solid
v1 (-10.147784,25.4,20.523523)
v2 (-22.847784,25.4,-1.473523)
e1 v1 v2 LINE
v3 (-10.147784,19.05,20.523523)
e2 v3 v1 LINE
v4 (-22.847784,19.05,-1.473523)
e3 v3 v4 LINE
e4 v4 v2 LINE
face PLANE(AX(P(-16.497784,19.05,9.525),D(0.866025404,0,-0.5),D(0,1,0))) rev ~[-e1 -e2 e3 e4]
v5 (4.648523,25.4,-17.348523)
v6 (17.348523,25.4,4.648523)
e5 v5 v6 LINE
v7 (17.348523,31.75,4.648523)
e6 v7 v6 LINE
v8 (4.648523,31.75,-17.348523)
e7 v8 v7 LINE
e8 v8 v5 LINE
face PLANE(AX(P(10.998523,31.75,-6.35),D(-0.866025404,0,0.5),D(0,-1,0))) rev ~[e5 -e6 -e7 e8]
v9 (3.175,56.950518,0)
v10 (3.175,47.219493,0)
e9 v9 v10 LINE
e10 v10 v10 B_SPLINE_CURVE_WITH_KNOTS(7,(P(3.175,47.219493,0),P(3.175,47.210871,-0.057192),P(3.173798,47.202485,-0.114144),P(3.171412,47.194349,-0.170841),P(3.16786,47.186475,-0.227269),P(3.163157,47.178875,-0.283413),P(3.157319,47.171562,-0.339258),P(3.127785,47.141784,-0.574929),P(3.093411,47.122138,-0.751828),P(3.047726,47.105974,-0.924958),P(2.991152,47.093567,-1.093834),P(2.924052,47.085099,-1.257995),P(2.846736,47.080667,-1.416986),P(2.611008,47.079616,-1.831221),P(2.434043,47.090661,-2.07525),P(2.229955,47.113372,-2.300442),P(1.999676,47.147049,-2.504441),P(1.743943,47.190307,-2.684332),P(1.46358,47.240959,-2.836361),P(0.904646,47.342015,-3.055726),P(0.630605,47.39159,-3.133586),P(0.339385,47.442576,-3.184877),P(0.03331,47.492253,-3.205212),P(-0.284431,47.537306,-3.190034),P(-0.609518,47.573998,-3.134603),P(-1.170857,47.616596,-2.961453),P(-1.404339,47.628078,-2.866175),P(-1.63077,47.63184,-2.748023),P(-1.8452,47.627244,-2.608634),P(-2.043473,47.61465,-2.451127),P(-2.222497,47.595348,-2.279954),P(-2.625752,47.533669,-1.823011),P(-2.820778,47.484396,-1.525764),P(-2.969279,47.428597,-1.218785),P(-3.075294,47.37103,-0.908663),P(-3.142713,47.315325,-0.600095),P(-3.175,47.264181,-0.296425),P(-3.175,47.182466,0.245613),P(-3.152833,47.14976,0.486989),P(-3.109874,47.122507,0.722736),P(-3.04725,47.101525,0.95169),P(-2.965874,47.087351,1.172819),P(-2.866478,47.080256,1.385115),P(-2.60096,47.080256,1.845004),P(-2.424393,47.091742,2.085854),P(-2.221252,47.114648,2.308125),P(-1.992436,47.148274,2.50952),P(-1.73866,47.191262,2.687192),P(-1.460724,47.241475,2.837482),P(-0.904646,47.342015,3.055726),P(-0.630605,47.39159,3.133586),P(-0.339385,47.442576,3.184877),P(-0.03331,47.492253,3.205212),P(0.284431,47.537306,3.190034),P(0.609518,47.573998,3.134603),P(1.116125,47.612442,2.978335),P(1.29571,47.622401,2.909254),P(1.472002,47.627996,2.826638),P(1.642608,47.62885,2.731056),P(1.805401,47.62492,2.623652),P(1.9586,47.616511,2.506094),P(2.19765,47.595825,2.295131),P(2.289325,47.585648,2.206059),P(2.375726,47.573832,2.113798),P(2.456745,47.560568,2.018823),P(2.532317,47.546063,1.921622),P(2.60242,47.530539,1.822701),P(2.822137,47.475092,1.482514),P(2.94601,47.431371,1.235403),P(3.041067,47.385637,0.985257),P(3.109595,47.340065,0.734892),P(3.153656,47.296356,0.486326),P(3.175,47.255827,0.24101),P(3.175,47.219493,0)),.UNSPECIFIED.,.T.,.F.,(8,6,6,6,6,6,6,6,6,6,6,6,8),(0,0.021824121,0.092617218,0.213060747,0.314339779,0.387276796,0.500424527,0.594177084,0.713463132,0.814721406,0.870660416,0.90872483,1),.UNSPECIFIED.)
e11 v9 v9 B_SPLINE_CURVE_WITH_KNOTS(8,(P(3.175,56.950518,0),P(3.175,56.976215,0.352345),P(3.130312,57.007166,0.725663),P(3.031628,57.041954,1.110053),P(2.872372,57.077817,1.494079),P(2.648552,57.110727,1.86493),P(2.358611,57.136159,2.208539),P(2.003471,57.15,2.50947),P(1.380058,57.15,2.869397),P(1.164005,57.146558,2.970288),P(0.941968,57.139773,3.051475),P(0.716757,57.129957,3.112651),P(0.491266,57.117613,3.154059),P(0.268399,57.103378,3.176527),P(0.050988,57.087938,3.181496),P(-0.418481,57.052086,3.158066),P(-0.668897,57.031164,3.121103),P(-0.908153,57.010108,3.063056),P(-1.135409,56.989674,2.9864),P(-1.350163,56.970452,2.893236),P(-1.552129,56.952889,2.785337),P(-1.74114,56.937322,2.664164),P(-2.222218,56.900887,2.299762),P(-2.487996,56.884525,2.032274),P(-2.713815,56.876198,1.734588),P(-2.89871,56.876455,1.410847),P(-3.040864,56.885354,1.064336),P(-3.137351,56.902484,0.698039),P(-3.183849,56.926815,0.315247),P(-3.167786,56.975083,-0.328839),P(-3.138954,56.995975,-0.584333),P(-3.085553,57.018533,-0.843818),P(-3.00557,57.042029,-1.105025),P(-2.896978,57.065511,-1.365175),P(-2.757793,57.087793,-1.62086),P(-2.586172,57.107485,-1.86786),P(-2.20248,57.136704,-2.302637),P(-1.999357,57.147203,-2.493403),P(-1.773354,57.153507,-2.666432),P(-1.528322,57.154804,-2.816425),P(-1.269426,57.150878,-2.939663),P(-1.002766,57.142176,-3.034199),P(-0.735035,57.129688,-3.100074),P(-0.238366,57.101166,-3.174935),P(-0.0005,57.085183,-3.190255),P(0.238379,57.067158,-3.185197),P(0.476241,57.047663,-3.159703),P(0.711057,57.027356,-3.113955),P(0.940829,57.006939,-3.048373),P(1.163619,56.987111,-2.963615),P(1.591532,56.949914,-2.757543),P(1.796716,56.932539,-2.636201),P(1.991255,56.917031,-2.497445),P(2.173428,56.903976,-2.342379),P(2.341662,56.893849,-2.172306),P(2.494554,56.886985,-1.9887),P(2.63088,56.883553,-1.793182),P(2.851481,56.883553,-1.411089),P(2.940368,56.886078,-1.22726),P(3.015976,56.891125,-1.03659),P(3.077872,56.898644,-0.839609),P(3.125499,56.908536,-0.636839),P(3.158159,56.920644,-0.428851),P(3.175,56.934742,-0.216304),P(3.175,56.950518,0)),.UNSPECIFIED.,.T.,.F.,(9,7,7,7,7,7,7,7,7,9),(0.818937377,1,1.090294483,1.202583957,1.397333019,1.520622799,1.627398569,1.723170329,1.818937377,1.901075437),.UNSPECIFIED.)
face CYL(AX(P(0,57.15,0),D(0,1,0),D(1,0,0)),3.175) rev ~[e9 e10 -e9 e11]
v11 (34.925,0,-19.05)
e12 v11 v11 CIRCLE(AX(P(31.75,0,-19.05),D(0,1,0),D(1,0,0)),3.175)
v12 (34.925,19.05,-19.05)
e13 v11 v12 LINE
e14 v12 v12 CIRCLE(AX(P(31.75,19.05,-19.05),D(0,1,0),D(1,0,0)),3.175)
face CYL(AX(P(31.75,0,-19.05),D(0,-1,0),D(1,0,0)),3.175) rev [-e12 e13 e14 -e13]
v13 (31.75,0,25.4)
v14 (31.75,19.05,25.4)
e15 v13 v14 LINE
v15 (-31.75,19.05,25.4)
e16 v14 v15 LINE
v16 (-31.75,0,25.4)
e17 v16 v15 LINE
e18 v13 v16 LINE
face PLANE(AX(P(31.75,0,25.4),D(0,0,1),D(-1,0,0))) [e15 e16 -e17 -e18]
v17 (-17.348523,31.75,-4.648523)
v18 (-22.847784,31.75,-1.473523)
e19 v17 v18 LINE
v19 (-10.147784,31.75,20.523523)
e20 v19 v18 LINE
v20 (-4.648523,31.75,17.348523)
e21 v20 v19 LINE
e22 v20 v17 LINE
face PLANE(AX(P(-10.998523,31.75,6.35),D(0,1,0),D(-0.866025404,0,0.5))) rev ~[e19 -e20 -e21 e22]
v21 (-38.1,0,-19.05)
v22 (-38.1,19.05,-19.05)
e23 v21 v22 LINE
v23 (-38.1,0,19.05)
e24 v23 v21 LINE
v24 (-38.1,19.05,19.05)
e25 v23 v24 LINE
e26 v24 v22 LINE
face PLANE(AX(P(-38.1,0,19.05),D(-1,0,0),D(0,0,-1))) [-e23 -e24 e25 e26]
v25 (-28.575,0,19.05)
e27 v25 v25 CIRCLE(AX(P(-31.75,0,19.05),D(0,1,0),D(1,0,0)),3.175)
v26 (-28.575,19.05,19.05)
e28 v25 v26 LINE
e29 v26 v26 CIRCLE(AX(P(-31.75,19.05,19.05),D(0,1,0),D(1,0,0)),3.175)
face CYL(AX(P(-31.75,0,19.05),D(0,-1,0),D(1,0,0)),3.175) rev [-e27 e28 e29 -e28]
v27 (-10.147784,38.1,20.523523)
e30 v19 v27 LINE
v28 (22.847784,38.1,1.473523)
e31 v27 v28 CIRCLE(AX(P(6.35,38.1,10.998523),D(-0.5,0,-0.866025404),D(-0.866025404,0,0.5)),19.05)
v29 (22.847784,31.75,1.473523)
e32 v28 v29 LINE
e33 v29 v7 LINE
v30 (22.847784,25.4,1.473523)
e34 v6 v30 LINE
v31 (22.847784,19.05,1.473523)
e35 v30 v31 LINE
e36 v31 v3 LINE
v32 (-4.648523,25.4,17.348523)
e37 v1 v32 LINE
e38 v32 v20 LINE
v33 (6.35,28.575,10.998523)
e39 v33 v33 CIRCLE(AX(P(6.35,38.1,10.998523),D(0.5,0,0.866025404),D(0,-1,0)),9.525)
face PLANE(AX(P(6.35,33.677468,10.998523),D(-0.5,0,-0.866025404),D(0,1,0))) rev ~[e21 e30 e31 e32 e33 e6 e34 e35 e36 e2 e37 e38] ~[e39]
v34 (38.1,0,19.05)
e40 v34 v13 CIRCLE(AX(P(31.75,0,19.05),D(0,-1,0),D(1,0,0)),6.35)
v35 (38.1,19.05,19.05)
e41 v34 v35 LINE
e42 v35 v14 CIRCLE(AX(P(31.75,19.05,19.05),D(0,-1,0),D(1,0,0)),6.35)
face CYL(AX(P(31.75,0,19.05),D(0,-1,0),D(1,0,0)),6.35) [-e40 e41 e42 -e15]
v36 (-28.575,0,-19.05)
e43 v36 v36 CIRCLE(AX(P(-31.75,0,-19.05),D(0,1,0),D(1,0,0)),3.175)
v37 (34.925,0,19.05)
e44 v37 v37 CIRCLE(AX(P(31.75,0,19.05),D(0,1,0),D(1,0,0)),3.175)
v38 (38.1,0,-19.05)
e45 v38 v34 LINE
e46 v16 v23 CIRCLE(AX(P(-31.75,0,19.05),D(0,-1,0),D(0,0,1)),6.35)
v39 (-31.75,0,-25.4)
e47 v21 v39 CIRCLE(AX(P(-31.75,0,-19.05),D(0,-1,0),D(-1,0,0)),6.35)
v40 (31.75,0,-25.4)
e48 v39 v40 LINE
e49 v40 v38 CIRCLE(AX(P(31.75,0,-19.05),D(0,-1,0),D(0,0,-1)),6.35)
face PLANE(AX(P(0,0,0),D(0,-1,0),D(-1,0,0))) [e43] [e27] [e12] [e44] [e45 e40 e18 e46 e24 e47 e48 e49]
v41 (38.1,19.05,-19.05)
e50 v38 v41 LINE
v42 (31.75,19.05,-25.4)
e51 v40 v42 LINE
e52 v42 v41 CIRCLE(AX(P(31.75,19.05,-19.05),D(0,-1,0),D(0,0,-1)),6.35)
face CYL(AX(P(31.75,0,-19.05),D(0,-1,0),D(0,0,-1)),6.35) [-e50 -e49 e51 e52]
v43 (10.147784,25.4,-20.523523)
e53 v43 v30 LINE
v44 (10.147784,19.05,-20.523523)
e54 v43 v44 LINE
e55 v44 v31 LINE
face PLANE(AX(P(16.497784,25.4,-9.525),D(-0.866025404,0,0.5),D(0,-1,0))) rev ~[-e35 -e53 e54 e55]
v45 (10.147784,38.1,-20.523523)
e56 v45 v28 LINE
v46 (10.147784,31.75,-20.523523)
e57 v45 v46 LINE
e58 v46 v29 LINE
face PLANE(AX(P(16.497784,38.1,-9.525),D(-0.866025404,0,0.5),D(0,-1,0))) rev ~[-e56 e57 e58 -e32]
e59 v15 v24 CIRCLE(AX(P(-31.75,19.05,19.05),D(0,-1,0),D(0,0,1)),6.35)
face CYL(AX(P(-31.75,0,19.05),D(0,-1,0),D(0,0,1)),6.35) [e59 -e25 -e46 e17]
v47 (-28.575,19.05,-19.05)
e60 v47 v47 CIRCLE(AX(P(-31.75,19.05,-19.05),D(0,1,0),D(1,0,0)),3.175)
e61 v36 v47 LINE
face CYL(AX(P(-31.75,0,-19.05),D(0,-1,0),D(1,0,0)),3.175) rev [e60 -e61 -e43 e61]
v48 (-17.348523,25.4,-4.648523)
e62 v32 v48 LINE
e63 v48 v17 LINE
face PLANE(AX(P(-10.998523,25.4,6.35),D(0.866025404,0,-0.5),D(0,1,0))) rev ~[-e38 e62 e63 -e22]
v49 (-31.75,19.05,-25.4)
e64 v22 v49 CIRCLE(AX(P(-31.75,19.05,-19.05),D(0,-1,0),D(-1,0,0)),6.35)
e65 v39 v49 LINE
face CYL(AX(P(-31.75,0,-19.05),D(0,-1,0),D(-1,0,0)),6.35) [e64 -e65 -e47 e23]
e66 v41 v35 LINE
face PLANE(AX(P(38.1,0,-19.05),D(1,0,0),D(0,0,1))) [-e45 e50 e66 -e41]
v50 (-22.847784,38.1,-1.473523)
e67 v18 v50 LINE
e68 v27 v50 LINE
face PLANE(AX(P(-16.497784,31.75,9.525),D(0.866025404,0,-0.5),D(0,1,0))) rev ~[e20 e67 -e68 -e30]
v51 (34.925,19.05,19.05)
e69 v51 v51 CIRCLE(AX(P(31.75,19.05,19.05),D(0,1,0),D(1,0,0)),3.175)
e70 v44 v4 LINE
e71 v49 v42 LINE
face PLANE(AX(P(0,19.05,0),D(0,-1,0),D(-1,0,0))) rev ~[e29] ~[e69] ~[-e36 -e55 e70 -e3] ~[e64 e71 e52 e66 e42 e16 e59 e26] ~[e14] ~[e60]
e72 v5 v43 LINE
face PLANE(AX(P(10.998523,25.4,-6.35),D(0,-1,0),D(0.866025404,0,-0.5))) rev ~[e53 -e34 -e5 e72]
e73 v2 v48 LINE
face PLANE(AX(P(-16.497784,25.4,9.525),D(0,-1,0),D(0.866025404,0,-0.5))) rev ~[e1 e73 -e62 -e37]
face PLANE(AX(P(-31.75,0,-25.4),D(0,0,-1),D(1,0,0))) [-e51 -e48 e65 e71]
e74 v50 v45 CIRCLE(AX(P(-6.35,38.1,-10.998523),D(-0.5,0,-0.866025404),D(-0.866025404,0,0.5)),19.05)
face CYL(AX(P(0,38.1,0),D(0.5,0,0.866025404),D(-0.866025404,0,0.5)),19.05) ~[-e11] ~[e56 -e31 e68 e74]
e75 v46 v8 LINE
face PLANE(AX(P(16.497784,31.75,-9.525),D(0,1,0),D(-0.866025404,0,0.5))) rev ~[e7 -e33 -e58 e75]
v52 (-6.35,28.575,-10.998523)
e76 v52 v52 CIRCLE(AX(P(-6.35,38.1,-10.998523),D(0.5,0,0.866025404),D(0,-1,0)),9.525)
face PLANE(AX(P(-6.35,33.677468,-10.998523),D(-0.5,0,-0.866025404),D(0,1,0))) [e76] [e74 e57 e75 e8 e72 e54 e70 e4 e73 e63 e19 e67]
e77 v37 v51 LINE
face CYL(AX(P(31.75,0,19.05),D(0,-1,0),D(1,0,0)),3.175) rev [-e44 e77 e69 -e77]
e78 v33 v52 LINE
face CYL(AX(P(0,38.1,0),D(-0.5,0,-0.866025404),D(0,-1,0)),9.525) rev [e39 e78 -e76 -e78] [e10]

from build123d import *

# Parameters (mm, degrees)
SKETCH1_R           = 3.175
BOSS_EXTRUDE1_DEPTH = 19.05
SKETCH2_R           = 9.525
BOSS_EXTRUDE2_DEPTH = 12.7
CUT_EXTRUDE1_REACH  = 75.232
SKETCH3_R           = 3.175


with BuildPart() as part:
    # Sketch1 → Boss-Extrude1 (new body)
    with BuildSketch(Plane(origin=(0, 0, 0), x_dir=(1, 0, 0), z_dir=(0, 1, 0))):
        with BuildLine():
            Line((-31.75, 25.4), (31.75, 25.4))
            ThreePointArc((31.75, 25.4), (36.240128061, 23.540128061), (38.1, 19.05))
            Line((38.1, 19.05), (38.1, -19.05))
            ThreePointArc((38.1, -19.05), (36.240128061, -23.540128061), (31.75, -25.4))
            Line((31.75, -25.4), (-31.75, -25.4))
            ThreePointArc((-31.75, -25.4), (-36.240128061, -23.540128061), (-38.1, -19.05))
            Line((-38.1, -19.05), (-38.1, 19.05))
            ThreePointArc((-38.1, 19.05), (-36.240128061, 23.540128061), (-31.75, 25.4))
        make_face()
        with Locations((-31.75, 19.05)):
            Circle(SKETCH1_R, mode=Mode.SUBTRACT)
        with Locations((31.75, 19.05)):
            Circle(SKETCH1_R, mode=Mode.SUBTRACT)
        with Locations((31.75, -19.05)):
            Circle(SKETCH1_R, mode=Mode.SUBTRACT)
        with Locations((-31.75, -19.05)):
            Circle(SKETCH1_R, mode=Mode.SUBTRACT)
    extrude(amount=BOSS_EXTRUDE1_DEPTH)

    # Sketch2 → Boss-Extrude2 (add, symmetric)
    with BuildSketch(Plane(origin=(0, 0, 0), x_dir=(0, -1, 0), z_dir=(0.500000000000001, 0, 0.866025403784438))):
        with BuildLine():
            Line((-19.05, 19.05), (-19.05, -19.05))
            Line((-19.05, -19.05), (-25.4, -19.05))
            Line((-25.4, -19.05), (-25.4, -12.7))
            Line((-25.4, -12.7), (-31.75, -12.7))
            Line((-31.75, -12.7), (-31.75, -19.05))
            Line((-31.75, -19.05), (-38.1, -19.05))
            ThreePointArc((-38.1, -19.05), (-57.15, 0), (-38.1, 19.05))
            Line((-38.1, 19.05), (-31.75, 19.05))
            Line((-31.75, 19.05), (-31.75, 12.7))
            Line((-31.75, 12.7), (-25.4, 12.7))
            Line((-25.4, 12.7), (-25.4, 19.05))
            Line((-25.4, 19.05), (-19.05, 19.05))
        make_face()
        with Locations((-38.1, 0)):
            Circle(SKETCH2_R, mode=Mode.SUBTRACT)
    extrude(amount=BOSS_EXTRUDE2_DEPTH, both=True)

    # Sketch3 → Cut-Extrude1 (cut, up to next)
    with BuildSketch(Plane(origin=(0, 57.15, 0), x_dir=(1, 0, 0), z_dir=(0, 1, 0)), mode=Mode.PRIVATE) as cut_extrude1_sk1:
        Circle(SKETCH3_R)
    cut_extrude1_tool1 = extrude(cut_extrude1_sk1.sketch, amount=-CUT_EXTRUDE1_REACH, mode=Mode.PRIVATE) & part.part
    add(cut_extrude1_tool1.solids().sort_by_distance((0, 57.15, 0))[0], mode=Mode.SUBTRACT)


solid = part.part
